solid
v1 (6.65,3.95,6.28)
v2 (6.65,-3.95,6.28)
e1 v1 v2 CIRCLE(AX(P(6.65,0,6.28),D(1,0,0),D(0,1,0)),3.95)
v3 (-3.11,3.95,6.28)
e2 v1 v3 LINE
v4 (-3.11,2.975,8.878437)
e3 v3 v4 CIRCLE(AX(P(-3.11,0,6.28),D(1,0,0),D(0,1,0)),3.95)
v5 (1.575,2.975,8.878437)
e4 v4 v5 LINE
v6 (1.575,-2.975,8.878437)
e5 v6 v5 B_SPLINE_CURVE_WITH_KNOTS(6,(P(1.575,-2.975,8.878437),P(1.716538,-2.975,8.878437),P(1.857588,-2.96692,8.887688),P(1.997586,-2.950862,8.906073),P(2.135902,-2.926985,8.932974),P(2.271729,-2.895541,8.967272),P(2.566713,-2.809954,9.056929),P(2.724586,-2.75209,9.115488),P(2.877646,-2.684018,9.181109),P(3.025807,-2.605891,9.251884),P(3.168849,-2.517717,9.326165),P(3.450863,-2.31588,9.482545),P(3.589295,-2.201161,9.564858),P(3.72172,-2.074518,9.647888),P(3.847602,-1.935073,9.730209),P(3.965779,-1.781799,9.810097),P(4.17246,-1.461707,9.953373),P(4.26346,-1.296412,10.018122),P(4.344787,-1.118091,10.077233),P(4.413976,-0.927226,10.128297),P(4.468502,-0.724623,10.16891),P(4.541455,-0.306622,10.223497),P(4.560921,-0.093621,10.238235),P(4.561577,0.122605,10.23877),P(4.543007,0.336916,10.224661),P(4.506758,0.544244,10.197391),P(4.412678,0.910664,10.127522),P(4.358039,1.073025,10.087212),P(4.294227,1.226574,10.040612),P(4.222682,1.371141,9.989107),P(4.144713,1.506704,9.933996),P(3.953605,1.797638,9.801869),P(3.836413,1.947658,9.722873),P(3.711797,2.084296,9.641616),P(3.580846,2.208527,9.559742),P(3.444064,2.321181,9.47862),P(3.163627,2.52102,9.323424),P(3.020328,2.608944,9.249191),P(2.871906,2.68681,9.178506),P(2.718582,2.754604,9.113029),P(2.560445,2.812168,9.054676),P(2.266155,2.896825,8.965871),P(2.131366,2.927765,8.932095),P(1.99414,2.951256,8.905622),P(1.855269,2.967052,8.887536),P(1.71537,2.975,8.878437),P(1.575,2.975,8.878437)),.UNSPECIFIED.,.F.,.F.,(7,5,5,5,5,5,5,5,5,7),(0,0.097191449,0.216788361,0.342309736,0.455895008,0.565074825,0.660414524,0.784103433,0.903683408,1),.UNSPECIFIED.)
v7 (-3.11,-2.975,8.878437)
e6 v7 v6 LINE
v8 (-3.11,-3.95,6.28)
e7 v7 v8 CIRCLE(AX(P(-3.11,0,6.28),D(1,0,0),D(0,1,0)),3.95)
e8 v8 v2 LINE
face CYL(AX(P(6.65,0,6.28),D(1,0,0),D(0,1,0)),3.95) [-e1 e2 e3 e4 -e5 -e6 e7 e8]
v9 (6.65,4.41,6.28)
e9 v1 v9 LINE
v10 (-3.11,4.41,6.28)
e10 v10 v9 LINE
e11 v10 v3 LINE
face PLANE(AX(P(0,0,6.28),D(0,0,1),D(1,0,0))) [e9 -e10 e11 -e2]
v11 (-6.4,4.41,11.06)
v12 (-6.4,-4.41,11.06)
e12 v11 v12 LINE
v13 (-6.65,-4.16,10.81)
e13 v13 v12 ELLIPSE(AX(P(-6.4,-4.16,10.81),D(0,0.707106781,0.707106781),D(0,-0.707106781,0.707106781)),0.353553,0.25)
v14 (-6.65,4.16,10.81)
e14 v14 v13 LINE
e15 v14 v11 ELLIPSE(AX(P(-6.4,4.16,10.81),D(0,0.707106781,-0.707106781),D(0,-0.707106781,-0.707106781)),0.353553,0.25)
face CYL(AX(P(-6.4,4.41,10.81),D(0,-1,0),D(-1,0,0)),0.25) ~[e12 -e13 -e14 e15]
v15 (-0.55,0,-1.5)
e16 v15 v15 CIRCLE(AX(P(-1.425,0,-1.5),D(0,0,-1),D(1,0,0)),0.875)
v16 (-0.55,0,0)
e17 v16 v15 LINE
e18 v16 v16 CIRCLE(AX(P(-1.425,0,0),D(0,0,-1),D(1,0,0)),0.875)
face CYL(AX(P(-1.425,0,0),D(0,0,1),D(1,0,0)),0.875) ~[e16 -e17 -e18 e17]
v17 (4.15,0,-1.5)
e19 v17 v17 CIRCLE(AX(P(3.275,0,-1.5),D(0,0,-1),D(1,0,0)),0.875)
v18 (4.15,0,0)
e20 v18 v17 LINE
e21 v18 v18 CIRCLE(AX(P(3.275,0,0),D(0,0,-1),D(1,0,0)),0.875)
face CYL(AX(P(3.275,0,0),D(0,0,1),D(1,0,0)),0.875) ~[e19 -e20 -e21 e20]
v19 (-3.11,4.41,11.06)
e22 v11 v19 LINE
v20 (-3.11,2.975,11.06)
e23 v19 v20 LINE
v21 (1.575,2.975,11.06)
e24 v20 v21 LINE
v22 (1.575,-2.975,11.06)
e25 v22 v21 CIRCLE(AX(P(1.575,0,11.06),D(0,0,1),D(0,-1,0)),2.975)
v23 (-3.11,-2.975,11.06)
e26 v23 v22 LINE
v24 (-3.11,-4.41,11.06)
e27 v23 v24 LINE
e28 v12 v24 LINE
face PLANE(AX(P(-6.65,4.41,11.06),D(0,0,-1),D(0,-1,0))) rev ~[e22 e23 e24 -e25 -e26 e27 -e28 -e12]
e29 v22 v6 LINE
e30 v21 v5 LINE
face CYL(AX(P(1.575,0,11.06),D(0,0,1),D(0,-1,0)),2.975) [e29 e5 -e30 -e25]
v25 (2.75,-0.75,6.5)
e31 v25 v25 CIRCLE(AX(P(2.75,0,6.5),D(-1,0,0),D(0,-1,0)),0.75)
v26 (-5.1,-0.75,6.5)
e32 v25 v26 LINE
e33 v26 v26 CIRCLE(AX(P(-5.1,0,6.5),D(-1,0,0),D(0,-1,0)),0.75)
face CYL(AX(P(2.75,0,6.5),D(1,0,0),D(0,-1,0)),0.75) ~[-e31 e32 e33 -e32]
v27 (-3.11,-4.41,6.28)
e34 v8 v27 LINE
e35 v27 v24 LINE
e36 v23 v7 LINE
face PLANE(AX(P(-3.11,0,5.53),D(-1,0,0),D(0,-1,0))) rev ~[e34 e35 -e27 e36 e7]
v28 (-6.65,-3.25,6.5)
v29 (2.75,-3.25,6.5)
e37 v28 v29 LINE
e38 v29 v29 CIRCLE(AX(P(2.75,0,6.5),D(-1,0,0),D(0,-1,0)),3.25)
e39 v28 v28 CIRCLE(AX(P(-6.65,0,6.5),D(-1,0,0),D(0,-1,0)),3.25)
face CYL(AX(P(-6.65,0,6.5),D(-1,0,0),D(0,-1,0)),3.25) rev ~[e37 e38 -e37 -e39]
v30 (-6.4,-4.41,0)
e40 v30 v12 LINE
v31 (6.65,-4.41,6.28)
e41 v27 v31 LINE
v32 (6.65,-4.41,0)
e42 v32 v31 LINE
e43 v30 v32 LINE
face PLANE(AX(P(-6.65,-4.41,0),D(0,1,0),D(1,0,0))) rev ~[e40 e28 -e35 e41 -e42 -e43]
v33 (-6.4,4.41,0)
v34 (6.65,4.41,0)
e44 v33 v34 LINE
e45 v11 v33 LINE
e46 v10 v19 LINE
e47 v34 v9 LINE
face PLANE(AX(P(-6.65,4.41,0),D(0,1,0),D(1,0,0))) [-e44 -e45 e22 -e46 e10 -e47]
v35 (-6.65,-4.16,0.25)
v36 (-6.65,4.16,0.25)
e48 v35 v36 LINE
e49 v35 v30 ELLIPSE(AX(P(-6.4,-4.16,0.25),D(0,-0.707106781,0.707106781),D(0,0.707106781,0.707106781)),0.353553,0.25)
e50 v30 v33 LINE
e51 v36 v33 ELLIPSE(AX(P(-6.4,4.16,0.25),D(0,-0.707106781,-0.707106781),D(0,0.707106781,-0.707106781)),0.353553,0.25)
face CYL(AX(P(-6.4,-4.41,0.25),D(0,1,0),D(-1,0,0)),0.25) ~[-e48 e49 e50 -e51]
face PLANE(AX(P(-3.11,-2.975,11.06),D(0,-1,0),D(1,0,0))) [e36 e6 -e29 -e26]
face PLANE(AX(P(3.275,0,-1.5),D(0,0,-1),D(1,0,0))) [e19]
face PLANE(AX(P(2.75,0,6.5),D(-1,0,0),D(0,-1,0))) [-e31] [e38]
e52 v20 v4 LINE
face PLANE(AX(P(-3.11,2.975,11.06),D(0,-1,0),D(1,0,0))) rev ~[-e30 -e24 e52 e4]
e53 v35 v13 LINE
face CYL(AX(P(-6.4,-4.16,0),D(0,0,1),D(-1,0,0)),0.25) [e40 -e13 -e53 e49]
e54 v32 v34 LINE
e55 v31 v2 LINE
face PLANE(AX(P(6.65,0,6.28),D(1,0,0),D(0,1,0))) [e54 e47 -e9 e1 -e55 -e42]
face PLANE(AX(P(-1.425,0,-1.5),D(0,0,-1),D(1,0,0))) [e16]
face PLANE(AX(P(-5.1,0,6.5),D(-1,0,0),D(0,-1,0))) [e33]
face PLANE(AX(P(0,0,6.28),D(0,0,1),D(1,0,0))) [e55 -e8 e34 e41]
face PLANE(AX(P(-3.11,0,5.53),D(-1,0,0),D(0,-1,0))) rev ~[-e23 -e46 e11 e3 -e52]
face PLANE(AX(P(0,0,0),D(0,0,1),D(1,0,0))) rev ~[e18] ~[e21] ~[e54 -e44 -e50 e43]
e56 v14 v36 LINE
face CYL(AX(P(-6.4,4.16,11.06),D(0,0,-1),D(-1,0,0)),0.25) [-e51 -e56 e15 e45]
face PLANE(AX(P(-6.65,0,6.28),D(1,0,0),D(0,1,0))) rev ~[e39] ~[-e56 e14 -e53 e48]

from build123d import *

# Parameters (mm, degrees)
F0_W      = 13.3
F0_H      = 8.82
F1_DEPTH  = 6.28
F2_R      = 3.95
F3_DEPTH  = 13.3
F4_W      = 8.82
F4_H      = 11.06
F5_DEPTH  = 3.54
F6_R      = 0.25
F7_W      = 4.685
F7_H      = 5.95
F9_R      = 3.25
F10_DEPTH = 9.4
F11_R     = 0.75
F12_DEPTH = 7.85
F13_R     = 0.875
F14_DEPTH = 1.5


with BuildPart() as f1:
    # F0 (on Top) → F1 (new body)
    with BuildSketch(Plane.XY):
        Rectangle(F0_W, F0_H)
    extrude(amount=F1_DEPTH)

    # F2 (on face) → F3 (join, through all)
    with BuildSketch(Plane.YZ.offset(6.65)):
        with Locations((0, 6.28)):
            Circle(F2_R)
    extrude(amount=-F3_DEPTH)

    # F4 (on face) → F5 (join)
    with BuildSketch(Plane(origin=(-6.65, 0, 0), x_dir=(0, -1, 0), z_dir=(-1, 0, 0))):
        with Locations((0, 5.53)):
            Rectangle(F4_W, F4_H)
    extrude(amount=-F5_DEPTH)

    # F6
    f6_edges = [f1.edges().sort_by_distance(p)[0] for p in [
        (-6.65, 0, 11.06),
        (-6.65, 4.41, 5.53),
        (-6.65, 0, 0),
        (-6.65, -4.41, 5.53),
    ]]
    fillet(f6_edges, radius=F6_R)

    # F7 (on face) → F8 (join, up to the next surface of F1)
    with BuildSketch(Plane.XY.offset(11.06)):
        with Locations((-0.7675, 0)):
            Rectangle(F7_W, F7_H)
        with BuildLine():
            Line((1.575, 2.975), (1.575, -2.975))
            ThreePointArc((1.575, -2.975), (4.55, 0), (1.575, 2.975))
        make_face()
    extrude(until=Until.NEXT, dir=(0, 0, -1))

    # F9 (on face) → F10 (cut)
    with BuildSketch(Plane(origin=(-6.65, 0, 0), x_dir=(0, -1, 0), z_dir=(-1, 0, 0))):
        with Locations((0, 6.5)):
            Circle(F9_R)
    extrude(amount=-F10_DEPTH, mode=Mode.SUBTRACT)

    # F11 (on face) → F12 (join)
    with BuildSketch(Plane(origin=(2.75, 0, 0), x_dir=(0, -1, 0), z_dir=(-1, 0, 0))):
        with Locations((0, 6.5)):
            Circle(F11_R)
    extrude(amount=F12_DEPTH)

    # F13 (on face) → F14 (join)
    with BuildSketch(Plane(origin=(0, 0, 0), x_dir=(1, 0, 0), z_dir=(0, 0, -1))):
        with Locations((-1.425, 0)):
            Circle(F13_R)
        with Locations((3.275, 0)):
            Circle(F13_R)
    extrude(amount=F14_DEPTH)


solid = f1.part
